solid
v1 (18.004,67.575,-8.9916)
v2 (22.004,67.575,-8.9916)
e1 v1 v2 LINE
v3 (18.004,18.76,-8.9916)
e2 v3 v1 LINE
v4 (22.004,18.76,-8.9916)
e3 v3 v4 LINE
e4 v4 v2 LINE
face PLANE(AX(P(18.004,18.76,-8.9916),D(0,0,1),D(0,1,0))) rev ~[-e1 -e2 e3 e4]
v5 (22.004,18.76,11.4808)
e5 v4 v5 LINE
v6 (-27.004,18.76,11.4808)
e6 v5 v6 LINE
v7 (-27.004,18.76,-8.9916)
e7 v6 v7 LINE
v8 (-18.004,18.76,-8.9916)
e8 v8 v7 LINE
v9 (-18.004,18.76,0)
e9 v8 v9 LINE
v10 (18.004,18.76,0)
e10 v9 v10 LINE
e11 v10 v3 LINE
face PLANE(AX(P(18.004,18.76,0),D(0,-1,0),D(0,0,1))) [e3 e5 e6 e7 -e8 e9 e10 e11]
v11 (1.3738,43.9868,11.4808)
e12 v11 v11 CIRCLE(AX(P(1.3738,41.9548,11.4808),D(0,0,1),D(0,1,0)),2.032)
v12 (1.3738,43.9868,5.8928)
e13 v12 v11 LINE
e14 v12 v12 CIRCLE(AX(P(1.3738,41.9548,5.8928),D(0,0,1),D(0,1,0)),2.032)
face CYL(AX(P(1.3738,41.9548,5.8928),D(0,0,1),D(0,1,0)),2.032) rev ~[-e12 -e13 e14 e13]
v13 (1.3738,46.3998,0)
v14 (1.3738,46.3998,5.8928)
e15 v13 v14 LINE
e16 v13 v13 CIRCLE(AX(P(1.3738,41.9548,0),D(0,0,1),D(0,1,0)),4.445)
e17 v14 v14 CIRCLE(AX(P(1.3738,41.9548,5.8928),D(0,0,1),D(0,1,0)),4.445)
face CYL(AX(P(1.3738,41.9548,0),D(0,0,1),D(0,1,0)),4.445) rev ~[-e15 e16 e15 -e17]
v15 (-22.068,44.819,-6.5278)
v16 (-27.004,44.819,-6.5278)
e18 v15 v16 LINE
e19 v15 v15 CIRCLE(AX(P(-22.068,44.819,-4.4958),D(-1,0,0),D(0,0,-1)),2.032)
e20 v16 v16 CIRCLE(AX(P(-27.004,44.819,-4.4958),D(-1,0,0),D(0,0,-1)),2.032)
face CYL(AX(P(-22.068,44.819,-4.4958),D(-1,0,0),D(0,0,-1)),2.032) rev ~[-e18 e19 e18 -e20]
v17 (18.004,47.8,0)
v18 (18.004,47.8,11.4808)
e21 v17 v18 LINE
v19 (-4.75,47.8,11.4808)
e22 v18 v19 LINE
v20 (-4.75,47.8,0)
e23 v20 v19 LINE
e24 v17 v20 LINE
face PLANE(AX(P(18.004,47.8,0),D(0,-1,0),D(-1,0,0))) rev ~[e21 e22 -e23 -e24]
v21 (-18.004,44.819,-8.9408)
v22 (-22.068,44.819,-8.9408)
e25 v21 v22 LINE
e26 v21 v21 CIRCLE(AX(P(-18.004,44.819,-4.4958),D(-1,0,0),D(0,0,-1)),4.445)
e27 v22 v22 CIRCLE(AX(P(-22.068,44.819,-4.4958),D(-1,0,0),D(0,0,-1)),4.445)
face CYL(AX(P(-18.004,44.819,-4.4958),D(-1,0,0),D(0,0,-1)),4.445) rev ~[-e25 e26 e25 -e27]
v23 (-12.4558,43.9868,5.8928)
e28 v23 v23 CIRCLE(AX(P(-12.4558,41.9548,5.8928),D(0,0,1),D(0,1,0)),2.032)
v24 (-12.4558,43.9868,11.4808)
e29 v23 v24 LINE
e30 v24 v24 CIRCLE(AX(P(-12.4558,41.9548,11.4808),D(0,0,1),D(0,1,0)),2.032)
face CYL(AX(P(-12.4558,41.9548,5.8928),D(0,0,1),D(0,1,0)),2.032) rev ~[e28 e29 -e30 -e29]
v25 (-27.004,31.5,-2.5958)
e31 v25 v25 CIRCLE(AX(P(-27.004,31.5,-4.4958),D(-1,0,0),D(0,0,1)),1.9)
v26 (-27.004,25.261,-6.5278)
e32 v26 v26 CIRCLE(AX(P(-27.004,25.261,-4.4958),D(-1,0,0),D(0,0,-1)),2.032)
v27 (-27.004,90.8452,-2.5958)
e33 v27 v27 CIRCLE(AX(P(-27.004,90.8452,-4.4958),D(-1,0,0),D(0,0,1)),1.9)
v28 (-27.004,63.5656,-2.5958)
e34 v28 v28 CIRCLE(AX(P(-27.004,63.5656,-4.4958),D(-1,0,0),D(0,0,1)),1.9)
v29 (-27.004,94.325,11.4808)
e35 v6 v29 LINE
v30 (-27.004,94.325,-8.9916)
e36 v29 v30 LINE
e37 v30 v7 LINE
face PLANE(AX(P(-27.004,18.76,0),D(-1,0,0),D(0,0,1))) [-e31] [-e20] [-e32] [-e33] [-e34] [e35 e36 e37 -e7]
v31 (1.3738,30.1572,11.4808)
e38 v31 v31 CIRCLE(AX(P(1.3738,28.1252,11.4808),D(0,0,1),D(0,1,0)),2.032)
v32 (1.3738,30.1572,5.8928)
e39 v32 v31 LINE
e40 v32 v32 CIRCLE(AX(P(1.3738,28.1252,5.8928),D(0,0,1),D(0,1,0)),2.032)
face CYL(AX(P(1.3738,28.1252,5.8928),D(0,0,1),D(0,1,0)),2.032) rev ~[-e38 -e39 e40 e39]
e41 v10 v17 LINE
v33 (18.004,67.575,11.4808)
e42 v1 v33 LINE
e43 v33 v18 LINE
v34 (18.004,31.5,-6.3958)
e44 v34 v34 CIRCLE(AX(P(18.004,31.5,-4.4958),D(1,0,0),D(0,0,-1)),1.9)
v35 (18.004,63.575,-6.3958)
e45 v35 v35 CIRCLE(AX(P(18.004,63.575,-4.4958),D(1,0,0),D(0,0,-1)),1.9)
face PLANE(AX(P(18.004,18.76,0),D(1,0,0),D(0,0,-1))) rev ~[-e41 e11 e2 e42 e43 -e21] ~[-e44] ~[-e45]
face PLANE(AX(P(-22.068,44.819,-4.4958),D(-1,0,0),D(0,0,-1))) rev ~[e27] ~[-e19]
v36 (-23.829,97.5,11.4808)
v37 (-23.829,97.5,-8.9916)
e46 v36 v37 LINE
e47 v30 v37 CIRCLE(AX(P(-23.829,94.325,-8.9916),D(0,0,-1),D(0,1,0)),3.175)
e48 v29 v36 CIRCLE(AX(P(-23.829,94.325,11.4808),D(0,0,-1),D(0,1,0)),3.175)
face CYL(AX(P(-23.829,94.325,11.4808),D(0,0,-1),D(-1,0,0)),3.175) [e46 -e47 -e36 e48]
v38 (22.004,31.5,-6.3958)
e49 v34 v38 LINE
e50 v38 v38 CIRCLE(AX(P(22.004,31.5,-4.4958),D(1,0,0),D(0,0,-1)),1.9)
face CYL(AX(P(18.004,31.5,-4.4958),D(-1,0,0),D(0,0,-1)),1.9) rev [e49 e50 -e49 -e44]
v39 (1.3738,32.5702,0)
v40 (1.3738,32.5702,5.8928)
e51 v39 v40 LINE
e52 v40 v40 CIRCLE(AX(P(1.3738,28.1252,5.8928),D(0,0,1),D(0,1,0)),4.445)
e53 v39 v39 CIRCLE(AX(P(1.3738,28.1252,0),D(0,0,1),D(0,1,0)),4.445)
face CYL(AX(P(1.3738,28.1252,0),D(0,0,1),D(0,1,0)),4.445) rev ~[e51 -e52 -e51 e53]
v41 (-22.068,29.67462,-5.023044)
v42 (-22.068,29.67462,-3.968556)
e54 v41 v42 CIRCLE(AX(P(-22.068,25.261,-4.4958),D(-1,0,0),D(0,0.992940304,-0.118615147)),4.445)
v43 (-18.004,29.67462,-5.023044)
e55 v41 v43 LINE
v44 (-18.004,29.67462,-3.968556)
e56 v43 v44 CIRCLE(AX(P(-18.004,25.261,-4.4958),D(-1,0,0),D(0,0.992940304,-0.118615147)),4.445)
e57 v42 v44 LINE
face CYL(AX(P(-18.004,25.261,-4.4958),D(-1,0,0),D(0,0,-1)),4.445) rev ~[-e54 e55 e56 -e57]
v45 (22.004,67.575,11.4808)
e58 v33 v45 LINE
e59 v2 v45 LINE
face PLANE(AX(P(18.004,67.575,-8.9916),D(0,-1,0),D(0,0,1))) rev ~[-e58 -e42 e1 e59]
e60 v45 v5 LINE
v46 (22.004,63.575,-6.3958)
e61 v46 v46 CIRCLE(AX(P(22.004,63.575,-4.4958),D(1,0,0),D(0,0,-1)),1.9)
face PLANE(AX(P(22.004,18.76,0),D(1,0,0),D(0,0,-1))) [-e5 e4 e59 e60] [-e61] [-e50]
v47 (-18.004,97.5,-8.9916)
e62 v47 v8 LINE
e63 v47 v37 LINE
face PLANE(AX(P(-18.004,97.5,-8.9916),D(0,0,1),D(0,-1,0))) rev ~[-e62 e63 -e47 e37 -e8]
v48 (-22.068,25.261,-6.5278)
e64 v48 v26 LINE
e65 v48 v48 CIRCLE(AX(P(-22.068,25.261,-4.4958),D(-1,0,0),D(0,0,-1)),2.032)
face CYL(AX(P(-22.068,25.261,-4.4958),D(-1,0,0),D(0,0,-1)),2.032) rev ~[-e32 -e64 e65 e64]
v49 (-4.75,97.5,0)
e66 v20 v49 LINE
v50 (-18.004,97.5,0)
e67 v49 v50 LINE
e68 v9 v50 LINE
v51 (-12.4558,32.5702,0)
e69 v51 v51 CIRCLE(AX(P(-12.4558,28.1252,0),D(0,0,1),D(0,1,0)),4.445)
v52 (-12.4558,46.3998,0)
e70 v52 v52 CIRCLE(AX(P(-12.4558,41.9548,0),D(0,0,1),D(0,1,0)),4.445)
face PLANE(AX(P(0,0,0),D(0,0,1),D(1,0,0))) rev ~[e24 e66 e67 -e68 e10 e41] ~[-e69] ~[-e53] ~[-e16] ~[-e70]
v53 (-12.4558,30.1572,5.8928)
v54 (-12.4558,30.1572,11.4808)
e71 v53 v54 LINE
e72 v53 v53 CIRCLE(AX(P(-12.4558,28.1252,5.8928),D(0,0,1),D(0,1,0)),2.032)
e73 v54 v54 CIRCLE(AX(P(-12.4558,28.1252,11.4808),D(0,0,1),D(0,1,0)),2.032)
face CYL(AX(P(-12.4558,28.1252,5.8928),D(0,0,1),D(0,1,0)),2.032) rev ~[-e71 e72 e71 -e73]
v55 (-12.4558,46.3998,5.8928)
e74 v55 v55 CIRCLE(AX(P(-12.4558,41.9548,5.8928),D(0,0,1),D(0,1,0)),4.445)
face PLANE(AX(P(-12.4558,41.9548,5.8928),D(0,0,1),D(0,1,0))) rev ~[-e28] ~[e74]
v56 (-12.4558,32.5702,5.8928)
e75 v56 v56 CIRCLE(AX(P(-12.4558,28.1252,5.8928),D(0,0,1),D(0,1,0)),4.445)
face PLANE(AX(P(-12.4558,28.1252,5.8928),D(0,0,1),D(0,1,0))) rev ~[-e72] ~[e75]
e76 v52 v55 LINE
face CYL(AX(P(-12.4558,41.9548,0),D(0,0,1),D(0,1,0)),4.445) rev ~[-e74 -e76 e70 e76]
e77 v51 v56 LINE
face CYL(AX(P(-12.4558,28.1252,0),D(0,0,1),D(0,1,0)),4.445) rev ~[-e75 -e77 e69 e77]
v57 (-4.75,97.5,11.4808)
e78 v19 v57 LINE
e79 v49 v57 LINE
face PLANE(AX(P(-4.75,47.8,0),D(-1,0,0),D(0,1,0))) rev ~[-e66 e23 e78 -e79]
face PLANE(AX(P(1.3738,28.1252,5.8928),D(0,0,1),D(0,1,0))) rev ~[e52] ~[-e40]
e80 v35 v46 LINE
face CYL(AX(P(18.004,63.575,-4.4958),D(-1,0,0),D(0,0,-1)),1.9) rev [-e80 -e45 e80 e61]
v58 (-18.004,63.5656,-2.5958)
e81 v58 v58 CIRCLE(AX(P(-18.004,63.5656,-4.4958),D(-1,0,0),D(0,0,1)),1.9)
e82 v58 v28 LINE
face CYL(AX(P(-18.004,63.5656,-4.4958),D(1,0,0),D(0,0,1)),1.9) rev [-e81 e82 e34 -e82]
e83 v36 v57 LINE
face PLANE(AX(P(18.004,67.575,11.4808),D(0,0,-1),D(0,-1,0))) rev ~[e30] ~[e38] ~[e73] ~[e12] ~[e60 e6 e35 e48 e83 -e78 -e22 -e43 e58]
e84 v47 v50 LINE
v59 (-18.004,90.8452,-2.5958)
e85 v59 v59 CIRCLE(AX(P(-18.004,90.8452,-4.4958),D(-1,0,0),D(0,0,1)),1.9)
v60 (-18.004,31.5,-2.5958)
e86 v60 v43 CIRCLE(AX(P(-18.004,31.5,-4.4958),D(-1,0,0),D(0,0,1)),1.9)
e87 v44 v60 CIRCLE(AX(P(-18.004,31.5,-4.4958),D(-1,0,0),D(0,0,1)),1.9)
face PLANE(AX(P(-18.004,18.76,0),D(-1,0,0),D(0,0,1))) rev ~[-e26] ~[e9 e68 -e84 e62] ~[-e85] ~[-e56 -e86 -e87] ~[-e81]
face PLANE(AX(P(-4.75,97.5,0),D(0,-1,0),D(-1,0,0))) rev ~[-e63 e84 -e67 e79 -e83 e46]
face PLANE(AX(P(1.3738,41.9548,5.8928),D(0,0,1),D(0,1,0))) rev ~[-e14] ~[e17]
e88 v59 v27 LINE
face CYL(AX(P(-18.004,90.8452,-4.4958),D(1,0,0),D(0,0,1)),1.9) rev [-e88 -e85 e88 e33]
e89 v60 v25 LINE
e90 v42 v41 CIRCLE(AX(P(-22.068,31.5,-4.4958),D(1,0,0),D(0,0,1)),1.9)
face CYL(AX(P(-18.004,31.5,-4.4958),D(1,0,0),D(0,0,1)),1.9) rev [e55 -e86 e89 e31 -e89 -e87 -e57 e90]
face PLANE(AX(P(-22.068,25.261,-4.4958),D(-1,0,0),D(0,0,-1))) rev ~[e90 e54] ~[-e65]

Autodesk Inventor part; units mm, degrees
ref_plane "YZ Plane" through (0, 0, 0) normal (1, 0, 0) x (0, 1, 0)
ref_plane "XZ Plane" through (0, 0, 0) normal (0, 1, 0) x (-1, 0, 0)
ref_plane "Work Plane1" through (0, 0, 0) normal (0, 0, 1) x (1, 0, 0)
sketch "Sketch1" plane through (0, 0, 0) normal (0, 0, 1) x (1, 0, 0)
  line L0 (-13.625, 22.3146) -> (-10.375, 22.3146) construction
  line L1 (3.2502, 80.8) -> (3.2502, 93.5) construction
  line L2 (14.75, 68.1) -> (10.0002, 68.1) construction
  circle A0 centre (12.375, 55.8) radius 3.5 construction
  circle A1 centre (12.375, 47.8) radius 1.7 construction
  line L3 (-18.004, 18.76) -> (18.004, 18.76)
  line L4 (18.004, 18.76) -> (18.004, 47.8)
  line L5 (18.004, 47.8) -> (-4.75, 47.8)
  line L6 (-18.004, 47.8) -> (-18.004, 18.76)
  line L7 (-1.55, 84.1622) -> (-1.55, 90.1378) construction
  line L8 (-4.75, 85.6895) -> (-4.75, 88.6105) construction
  line L9 (17.75, 97.5) -> (-17.75, 97.5) construction
  line L10 (-4.75, 47.8) -> (-4.75, 97.5)
  line L11 (-4.75, 97.5) -> (-18.004, 97.5)
  line L12 (-18.004, 97.5) -> (-18.004, 47.8)
  point P0 (0, 0)
  dimension "d51" = 18.004
  dimension "d52" = 18.004
  dimension "d78" = 97.5
  dimension "d79" = 78.74
extrude "Base shape" add sketch "Sketch1" along normal blind 11.4808
sketch "Sketch4" plane through (-18.004, 18.76, 0) normal (-1, 0, 0) x (0, 0, 1)
  line L0 (0, 78.74) -> (11.4808, 78.74) projected
  line L1 (11.4808, 78.74) -> (-8.9916, 78.74)
  line L2 (-8.9916, 78.74) -> (-8.9916, 0)
  line L3 (-8.9916, 0) -> (11.4808, 0)
  line L4 (11.4808, 0) -> (11.4808, 78.74)
  circle A0 centre (-4.4958, 72.0852) radius 1.9
  line L5 (0, 78.74) -> (0, 0) projected
  circle A1 centre (-4.4958, 44.8056) radius 1.9
  circle A2 centre (-4.4958, 12.74) radius 1.9
  point P0 (0, -18.76)
  dimension "d29" = 3.8
  dimension "d30" = 6.6548
  dimension "d32" = 4.4958
  dimension "d33" = 3.8
  dimension "d34" = 3.8
  dimension "d35" = 33.9344
  dimension "d36" = 66
  dimension "d53" = 8.9916
  dimension "d54" = 4.4958
  dimension "d55" = 4.4958
extrude "Non Pulley Side" add sketch "Sketch4" along normal blind 9
sketch "Sketch5" plane through (18.004, 18.76, 0) normal (1, 0, 0) x (0, 0, -1)
  line L0 (0, 0) -> (-11.4808, 0) projected
  line L1 (0, 78.74) -> (8.9916, 78.74) projected
  line L2 (-11.4808, 0) -> (8.9916, 0)
  line L3 (8.9916, 0) -> (8.9916, 48.815)
  line L4 (8.9916, 78.74) -> (-9.652, 78.74) construction
  line L5 (-11.4808, 48.815) -> (-11.4808, 0)
  circle A0 centre (4.4958, 12.74) radius 1.9
  circle A1 centre (4.4958, 44.815) radius 1.9
  line L6 (8.9916, 78.74) -> (8.9916, 0) projected
  line L7 (8.9916, 48.815) -> (-11.4808, 48.815)
  point P0 (0, -18.76)
  dimension "d40" = 3.8
  dimension "d42" = 66
  dimension "d43" = 3.8
  dimension "d44" = 33.925
  dimension "d45" = 4.4958
  dimension "d46" = 4.4958
  dimension "d49" = 4
extrude "Pulley Side" add sketch "Sketch5" along normal blind 4
sketch "Sketch7" plane through (0, 0, 0) normal (0, 0, -1) x (-1, 0, 0)
  circle A0 centre (5.541, 35.04) radius 9.779 construction
  line L0 (27.004, 97.5) -> (27.004, 18.76) construction
  line L1 (5.541, 35.04) -> (12.4558, 28.1252) construction
  line L2 (5.541, 35.04) -> (15.32, 35.04) construction
  line L3 (36.0056, 35.04) -> (-27.0056, 35.04) projected
  point P0 (0, 0)
  point P1 (12.4558, 41.9548)
  point P2 (-1.3738, 41.9548)
  point P3 (-1.3738, 28.1252)
  dimension "d63" = 19.558
  dimension "d64" = 21.463
  dimension "d65" = 45
  dimension "d66" = 0
  dimension "d69" = 360
hole "Turntable mounting holes" at (-12.4558, 41.9548, 0) at (1.3738, 41.9548, 0) at (1.3738, 28.1252, 0) at (-12.4558, 28.1252, 0) direction (0, 0, 1) diameter 4.064 end through all counterbore diameter 8.89 counterbore depth 5.8928
ref_plane "Work Plane5" through (-12.4558, 35.04, 5.8928) normal (0, 1, 0) x (0, 0, -1)
ref_plane "Work Plane3" through (-12.4558, 28.1252, 5.8928) normal (0, 1, 0) x (0, 0, -1)
ref_plane "Work Plane4" through (-12.4558, 41.9548, 5.8928) normal (0, 1, 0) x (0, 0, -1)
sketch "Sketch6" plane through (-18.004, 18.76, 0) normal (1, 0, 0) x (0, 0, -1)
  line L0 (8.9916, 0) -> (-11.4808, 0) projected
  line L1 (8.9916, 78.74) -> (8.9916, 0) projected
  line L2 (-15.5753, 16.28) -> (13.0861, 16.28) projected
  point P0 (0, -18.76)
  point P1 (4.4958, 6.501)
  point P2 (4.4958, 26.059)
  dimension "d85" = 9.779
  dimension "d86" = 9.779
  dimension "d87" = 4.4958
  dimension "d88" = 4.4958
hole "Servo mounting holes" at (-18.004, 25.261, -4.4958) at (-18.004, 44.819, -4.4958) direction (-1, 0, 0) diameter 4.064 end through all counterbore diameter 8.89 counterbore depth 4.064
fillet "Fillet2" radius 3.175 1 edges at (-27.004, 97.5, 1.2446)
equation "\"d32\" = 0.5 * d31"
equation "\"d33\" = d29"
equation "\"d34\" = d29"
equation "\"d54\" = d32"
equation "\"d55\" = d32"
equation "\"d40\" = d29"
equation "\"d43\" = d29"
equation "\"d45\" = d32"
equation "\"d46\" = d32"
equation "\"d86\" = d85"
equation "\"d88\" = d87"
equation "\"d31\" = 8.9916"
properties part number "Collector mount adapter"
